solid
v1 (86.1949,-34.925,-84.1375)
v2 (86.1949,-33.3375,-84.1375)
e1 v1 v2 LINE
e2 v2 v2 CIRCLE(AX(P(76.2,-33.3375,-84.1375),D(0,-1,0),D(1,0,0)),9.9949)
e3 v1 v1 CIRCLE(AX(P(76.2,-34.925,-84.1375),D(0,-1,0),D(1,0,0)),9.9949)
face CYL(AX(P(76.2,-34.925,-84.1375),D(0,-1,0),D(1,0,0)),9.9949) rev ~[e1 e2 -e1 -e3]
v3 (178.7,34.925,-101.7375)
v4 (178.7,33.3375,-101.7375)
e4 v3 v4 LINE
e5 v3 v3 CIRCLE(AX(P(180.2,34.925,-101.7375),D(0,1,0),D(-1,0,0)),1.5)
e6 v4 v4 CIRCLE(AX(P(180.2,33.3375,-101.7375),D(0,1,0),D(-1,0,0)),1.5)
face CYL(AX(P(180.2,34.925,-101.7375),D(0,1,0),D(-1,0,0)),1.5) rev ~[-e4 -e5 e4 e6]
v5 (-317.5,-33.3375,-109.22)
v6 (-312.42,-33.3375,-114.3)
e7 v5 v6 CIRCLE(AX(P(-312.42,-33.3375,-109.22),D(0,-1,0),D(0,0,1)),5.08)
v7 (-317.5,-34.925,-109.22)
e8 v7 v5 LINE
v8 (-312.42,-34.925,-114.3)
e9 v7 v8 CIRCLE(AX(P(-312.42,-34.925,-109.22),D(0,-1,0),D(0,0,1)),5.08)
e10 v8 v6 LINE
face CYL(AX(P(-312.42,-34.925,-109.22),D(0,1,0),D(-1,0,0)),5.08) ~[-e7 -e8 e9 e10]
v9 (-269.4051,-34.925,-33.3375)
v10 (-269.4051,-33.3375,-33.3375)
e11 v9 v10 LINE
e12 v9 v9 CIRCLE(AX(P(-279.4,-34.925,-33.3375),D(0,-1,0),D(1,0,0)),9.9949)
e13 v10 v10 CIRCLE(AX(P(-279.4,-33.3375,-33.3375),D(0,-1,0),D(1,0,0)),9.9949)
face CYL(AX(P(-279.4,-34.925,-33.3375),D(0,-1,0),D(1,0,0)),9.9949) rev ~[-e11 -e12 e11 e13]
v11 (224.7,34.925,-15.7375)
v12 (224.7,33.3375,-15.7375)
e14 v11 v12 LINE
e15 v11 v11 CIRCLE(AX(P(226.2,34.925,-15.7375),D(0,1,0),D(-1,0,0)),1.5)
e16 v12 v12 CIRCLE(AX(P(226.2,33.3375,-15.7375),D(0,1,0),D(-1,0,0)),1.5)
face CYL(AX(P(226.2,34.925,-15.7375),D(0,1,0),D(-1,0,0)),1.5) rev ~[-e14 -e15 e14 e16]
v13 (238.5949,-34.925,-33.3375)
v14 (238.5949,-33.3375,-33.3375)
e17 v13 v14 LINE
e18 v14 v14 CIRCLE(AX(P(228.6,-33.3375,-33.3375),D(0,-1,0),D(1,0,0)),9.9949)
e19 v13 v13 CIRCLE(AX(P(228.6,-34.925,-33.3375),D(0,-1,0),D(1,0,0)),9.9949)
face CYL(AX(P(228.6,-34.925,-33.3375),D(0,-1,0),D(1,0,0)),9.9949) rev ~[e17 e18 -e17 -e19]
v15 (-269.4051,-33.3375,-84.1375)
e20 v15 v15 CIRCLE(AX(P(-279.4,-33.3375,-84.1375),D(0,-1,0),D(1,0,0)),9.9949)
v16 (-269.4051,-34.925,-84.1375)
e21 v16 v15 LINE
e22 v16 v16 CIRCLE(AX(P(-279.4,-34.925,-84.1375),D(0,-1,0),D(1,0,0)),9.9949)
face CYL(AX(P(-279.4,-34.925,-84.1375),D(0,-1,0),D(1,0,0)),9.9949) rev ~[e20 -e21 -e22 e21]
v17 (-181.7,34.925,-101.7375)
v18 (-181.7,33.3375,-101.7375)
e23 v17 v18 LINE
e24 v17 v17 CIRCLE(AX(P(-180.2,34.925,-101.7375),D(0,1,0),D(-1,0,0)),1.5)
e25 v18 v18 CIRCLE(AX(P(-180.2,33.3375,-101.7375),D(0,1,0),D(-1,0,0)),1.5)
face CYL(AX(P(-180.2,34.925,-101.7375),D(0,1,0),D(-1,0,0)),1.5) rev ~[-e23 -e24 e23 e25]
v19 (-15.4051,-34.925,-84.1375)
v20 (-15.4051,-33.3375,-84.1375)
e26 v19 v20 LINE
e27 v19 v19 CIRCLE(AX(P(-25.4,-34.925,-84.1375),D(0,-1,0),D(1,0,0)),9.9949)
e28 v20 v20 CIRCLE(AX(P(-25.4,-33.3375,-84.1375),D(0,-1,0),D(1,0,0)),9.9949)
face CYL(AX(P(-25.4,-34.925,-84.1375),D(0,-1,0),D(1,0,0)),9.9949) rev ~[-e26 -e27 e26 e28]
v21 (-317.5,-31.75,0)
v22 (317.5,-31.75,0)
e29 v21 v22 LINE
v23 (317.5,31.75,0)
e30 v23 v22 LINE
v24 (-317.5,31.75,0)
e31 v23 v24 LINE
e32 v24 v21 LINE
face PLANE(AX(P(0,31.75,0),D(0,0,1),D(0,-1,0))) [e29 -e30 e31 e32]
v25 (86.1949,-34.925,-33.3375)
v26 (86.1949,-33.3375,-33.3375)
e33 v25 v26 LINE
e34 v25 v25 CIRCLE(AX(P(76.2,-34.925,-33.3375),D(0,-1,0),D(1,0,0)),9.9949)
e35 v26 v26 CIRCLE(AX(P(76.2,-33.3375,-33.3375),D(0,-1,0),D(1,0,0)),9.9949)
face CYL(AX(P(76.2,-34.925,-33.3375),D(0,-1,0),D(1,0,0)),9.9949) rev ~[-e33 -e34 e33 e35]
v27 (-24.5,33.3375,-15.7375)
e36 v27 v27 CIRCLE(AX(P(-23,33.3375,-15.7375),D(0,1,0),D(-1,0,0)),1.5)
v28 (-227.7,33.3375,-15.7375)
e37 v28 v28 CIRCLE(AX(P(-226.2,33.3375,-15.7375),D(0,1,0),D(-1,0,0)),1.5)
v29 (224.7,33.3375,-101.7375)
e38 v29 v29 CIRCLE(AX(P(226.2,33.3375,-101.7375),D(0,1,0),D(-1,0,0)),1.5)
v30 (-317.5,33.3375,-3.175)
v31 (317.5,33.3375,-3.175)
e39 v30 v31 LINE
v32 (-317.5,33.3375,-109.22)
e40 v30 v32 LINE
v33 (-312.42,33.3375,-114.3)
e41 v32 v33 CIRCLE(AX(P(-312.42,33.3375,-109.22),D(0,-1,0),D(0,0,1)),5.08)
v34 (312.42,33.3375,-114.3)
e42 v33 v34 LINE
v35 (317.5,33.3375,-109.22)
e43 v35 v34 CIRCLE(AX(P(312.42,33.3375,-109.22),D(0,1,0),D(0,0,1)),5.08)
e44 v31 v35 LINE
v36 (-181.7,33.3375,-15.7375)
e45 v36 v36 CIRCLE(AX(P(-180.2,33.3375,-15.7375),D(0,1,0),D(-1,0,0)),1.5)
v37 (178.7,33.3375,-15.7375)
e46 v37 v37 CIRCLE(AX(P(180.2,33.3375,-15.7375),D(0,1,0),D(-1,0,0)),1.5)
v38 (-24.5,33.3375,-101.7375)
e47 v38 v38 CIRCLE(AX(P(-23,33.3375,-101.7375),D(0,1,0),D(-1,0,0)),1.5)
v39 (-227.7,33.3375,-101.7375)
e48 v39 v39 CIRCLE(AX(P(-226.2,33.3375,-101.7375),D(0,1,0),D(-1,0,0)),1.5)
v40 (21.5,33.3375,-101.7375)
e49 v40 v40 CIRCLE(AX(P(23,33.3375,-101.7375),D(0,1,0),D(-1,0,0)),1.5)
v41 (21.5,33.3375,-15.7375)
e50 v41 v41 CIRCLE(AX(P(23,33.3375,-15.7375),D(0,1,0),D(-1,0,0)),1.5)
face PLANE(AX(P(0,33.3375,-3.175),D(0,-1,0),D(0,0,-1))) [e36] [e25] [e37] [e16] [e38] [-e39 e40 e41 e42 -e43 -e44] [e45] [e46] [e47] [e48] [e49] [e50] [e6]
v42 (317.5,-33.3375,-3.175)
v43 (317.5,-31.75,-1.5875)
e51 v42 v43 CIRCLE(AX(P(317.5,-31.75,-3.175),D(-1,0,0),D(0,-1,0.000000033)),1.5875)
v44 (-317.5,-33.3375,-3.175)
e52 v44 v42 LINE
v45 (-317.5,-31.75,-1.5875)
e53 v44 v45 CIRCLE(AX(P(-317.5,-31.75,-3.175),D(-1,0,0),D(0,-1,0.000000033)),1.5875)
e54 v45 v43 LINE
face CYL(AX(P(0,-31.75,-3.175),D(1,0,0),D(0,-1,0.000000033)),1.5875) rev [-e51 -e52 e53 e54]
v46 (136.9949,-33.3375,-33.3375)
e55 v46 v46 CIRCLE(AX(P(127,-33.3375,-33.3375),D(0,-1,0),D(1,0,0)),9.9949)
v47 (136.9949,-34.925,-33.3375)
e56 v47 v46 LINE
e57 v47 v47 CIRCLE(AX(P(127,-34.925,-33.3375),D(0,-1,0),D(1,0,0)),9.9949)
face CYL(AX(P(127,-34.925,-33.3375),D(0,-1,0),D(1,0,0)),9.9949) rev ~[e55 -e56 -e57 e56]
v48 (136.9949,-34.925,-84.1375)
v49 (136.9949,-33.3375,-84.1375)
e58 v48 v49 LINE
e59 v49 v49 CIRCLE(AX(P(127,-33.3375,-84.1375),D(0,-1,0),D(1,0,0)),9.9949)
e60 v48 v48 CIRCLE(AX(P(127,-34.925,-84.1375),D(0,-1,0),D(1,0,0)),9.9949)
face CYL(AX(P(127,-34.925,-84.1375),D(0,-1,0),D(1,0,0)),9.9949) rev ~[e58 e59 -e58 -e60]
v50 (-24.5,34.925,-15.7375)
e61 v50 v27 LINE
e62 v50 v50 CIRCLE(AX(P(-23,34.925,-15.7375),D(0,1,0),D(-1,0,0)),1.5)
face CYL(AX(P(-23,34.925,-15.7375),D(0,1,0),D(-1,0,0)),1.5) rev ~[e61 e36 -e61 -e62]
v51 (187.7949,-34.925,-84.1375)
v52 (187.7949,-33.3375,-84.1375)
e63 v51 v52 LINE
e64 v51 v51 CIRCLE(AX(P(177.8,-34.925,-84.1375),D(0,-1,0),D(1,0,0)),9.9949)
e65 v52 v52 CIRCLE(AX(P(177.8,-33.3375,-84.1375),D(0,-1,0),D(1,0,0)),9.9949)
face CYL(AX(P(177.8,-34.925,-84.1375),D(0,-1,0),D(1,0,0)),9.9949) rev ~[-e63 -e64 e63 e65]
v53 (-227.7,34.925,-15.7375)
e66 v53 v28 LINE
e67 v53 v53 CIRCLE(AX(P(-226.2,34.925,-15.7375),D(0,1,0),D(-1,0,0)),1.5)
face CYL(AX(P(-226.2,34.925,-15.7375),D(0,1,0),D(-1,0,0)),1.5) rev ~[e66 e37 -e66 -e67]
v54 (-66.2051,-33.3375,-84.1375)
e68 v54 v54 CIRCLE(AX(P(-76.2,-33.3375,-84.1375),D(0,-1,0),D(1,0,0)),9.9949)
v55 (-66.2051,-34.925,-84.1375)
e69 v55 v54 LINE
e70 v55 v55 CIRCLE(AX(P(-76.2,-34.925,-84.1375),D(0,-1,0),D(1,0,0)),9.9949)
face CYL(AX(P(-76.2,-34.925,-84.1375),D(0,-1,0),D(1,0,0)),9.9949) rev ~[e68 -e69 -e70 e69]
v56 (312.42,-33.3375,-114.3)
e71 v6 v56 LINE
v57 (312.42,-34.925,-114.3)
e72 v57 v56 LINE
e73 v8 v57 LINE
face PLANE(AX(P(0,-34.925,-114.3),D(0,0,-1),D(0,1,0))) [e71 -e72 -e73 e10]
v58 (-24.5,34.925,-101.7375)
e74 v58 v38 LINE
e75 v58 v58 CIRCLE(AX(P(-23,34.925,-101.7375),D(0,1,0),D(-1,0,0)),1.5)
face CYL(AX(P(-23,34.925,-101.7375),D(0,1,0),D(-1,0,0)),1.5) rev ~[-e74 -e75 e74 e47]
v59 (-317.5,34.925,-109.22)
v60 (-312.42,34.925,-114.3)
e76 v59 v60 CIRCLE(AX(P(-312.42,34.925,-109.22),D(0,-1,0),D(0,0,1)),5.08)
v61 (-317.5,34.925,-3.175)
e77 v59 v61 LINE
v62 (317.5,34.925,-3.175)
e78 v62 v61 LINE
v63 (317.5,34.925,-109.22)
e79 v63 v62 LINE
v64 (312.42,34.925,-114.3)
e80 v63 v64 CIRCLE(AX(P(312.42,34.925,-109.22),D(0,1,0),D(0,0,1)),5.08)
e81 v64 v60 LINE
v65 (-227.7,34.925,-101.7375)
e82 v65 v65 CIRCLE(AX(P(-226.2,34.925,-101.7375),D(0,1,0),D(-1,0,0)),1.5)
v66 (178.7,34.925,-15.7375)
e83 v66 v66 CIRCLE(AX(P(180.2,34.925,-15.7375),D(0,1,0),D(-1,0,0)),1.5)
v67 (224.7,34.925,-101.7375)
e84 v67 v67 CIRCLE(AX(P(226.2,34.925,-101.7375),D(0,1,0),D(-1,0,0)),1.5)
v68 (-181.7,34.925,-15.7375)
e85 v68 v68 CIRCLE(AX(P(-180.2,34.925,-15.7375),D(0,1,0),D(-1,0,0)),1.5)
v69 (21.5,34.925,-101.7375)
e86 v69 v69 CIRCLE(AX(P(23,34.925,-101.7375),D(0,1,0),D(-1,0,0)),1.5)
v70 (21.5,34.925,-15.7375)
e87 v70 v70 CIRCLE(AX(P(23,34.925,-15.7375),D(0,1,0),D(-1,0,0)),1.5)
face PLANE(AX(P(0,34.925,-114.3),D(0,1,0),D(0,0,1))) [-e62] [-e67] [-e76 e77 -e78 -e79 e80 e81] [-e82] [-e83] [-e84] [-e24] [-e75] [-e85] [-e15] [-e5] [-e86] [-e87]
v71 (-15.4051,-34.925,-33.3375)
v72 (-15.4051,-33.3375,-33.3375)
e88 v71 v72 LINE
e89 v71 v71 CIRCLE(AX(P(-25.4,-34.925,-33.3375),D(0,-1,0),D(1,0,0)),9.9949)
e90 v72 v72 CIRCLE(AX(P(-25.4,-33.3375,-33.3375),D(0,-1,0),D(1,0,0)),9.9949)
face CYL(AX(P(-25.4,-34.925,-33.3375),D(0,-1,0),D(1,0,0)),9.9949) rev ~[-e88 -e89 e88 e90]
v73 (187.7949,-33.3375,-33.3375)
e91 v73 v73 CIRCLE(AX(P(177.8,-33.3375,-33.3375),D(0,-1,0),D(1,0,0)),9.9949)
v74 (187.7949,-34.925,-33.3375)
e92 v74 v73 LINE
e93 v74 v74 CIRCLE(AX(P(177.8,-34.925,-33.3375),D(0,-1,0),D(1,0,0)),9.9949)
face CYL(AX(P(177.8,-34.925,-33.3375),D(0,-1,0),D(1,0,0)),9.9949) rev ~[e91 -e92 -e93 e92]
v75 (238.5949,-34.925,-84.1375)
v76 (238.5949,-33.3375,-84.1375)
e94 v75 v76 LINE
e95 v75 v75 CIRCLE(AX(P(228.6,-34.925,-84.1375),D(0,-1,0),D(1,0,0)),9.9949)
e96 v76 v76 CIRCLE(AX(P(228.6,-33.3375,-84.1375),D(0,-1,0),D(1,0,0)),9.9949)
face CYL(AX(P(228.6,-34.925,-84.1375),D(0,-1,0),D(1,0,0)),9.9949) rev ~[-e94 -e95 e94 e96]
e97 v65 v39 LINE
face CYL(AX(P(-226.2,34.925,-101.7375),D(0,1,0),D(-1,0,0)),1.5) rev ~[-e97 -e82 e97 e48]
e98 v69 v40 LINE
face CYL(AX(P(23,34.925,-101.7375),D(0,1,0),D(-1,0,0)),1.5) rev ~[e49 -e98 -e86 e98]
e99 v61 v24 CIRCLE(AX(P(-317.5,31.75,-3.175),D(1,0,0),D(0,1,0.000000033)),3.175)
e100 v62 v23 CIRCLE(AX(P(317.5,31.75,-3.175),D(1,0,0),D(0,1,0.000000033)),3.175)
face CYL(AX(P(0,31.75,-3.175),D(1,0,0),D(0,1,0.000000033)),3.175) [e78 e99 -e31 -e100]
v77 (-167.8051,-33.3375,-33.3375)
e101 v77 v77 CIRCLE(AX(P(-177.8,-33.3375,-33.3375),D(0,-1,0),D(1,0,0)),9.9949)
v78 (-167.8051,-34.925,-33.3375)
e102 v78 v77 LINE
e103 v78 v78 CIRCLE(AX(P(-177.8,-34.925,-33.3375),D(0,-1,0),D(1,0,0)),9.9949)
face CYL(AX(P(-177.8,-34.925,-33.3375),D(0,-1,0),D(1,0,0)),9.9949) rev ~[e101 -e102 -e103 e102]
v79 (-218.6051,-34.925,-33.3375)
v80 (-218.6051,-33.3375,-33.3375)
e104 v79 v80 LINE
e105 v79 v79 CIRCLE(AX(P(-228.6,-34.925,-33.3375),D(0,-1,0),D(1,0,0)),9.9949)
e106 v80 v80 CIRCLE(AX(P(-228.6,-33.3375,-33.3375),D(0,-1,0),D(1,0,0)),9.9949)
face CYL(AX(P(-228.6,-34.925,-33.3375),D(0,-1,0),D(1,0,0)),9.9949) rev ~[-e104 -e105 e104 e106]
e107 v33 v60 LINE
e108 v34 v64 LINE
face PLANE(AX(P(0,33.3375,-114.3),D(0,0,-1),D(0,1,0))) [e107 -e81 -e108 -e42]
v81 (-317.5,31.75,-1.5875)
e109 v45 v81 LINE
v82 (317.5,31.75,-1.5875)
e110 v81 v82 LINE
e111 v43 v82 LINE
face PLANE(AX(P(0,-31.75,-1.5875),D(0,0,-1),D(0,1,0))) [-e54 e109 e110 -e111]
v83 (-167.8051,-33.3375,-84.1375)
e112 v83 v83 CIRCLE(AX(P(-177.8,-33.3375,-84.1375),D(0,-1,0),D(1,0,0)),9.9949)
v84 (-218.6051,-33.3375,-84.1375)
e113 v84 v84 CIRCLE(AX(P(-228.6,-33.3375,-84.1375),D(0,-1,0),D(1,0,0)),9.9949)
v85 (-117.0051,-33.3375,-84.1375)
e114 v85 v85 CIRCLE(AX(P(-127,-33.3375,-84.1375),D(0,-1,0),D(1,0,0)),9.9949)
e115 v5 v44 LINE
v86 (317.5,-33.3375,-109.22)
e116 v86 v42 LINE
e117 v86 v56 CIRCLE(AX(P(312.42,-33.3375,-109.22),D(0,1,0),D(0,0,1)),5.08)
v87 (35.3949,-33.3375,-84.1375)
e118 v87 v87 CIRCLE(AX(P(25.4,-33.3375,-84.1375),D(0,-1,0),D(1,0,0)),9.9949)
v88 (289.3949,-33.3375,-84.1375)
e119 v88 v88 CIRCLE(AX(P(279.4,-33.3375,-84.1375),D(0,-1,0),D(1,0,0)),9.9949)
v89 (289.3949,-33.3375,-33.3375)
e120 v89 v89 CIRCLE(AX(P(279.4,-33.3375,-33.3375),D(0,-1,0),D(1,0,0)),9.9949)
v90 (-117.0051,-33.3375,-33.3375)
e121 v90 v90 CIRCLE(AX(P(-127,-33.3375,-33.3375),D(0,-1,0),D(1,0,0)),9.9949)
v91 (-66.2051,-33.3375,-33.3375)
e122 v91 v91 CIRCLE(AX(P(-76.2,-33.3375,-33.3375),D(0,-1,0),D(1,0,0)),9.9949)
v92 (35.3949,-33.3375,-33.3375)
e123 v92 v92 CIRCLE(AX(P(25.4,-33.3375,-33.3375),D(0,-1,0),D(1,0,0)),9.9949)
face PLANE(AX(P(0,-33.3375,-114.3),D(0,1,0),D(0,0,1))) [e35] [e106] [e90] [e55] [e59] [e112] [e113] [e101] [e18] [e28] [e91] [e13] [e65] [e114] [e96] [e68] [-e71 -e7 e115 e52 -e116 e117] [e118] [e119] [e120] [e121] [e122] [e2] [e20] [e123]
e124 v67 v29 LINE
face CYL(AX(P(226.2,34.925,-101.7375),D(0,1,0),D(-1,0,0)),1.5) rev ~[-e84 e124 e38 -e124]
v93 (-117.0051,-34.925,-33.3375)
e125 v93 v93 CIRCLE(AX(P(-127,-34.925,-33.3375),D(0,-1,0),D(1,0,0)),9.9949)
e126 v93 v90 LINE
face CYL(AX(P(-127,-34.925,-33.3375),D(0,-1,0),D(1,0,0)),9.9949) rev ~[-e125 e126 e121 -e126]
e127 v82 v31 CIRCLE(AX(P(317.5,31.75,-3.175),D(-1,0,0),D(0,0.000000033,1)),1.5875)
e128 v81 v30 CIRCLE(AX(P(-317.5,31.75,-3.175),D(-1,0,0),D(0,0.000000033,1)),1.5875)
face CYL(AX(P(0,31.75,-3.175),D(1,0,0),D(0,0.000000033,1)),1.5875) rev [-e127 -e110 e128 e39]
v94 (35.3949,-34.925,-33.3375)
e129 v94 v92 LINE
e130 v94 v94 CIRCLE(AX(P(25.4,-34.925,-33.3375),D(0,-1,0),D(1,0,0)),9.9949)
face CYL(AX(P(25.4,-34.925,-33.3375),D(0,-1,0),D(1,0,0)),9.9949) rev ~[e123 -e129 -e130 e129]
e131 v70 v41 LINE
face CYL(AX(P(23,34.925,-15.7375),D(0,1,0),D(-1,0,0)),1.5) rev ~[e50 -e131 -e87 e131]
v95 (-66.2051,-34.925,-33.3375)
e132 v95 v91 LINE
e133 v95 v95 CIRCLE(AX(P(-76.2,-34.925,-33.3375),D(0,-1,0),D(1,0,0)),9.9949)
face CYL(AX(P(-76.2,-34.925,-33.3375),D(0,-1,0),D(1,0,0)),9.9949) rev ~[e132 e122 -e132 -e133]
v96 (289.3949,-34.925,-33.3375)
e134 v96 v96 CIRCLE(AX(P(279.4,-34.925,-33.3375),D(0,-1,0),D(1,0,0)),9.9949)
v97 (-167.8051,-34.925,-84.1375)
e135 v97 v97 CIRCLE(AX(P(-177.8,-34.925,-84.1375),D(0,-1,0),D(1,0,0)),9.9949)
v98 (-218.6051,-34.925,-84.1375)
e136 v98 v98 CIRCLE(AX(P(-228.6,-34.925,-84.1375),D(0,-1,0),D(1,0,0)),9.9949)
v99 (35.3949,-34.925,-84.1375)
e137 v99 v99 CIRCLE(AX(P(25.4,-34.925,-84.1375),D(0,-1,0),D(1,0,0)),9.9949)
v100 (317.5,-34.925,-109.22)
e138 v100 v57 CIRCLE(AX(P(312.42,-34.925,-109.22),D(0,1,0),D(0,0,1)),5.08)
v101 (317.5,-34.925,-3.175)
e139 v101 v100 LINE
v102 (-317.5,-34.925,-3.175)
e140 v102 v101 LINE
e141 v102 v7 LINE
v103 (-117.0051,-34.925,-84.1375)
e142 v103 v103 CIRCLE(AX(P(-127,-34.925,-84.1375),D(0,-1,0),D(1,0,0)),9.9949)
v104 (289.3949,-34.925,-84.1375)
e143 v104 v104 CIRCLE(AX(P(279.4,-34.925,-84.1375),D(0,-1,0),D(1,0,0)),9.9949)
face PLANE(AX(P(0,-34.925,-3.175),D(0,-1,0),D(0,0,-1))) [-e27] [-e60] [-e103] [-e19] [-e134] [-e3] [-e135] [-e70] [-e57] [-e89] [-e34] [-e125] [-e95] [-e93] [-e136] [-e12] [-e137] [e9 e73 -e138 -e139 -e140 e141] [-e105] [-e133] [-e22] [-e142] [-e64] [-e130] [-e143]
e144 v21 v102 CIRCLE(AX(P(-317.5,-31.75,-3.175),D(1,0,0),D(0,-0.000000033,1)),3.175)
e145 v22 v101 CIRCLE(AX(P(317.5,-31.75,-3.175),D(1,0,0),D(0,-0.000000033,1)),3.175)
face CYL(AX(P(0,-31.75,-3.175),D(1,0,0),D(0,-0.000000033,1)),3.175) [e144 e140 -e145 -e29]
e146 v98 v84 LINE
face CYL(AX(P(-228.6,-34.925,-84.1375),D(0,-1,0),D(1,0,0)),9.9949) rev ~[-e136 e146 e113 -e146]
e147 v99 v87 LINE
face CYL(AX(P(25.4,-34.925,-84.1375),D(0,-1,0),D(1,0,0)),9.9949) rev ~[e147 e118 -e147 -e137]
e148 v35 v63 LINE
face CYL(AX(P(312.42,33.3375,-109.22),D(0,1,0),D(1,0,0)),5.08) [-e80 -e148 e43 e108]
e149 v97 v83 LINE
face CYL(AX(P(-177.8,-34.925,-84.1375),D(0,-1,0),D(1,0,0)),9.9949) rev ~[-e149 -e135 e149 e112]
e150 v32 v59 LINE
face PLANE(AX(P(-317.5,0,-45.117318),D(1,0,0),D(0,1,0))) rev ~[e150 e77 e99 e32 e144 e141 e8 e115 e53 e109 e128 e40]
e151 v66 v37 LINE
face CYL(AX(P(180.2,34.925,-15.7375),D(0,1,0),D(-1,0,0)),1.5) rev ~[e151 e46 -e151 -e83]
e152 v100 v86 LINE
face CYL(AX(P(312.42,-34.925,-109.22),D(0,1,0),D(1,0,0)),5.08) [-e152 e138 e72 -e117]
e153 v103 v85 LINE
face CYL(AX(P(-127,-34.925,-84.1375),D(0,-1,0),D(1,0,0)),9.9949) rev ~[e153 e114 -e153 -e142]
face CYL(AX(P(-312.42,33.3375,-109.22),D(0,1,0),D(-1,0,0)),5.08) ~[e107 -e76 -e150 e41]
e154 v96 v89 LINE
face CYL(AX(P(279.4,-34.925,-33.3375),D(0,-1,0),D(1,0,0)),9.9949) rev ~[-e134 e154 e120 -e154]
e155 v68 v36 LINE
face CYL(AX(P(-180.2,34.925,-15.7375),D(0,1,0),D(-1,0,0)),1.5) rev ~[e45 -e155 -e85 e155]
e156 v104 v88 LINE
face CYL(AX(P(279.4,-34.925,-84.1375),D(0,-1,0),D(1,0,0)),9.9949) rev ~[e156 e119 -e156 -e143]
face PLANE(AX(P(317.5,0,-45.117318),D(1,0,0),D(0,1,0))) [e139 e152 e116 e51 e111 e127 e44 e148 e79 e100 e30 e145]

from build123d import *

# Parameters (mm, degrees)
F1_DEPTH = 317.5
F2_R     = 9.9949
F3_DEPTH = 25.4
F4_R     = 1.5
F5_DEPTH = 25.4
F6_R     = 5.08


with BuildPart() as f1:
    # F0 (on Right) → F1 (new body, symmetric)
    with BuildSketch(Plane.YZ):
        with BuildLine():
            Line((31.75, 0), (-31.75, 0))
            ThreePointArc((-31.75, 0), (-33.995064, -0.929936), (-34.925, -3.175))
            Line((-34.925, -3.175), (-34.925, -114.3))
            Line((-34.925, -114.3), (-33.3375, -114.3))
            Line((-33.3375, -114.3), (-33.3375, -3.175))
            ThreePointArc((-33.3375, -3.175), (-32.872532, -2.052468), (-31.75, -1.5875))
            Line((-31.75, -1.5875), (31.75, -1.5875))
            ThreePointArc((31.75, -1.5875), (32.872532, -2.052468), (33.3375, -3.175))
            Line((33.3375, -3.175), (33.3375, -114.3))
            Line((33.3375, -114.3), (34.925, -114.3))
            Line((34.925, -114.3), (34.925, -3.175))
            ThreePointArc((34.925, -3.175), (33.995064, -0.929936), (31.75, 0))
        make_face()
    extrude(amount=F1_DEPTH, both=True)

    # F2 (on face) → F3 (cut)
    with BuildSketch(Plane.XZ.offset(34.925)):
        with Locations((-279.4, -33.3375)):
            Circle(F2_R)
        with Locations((-279.4, -84.1375)):
            Circle(F2_R)
        with Locations((-228.6, -33.3375)):
            Circle(F2_R)
        with Locations((-228.6, -84.1375)):
            Circle(F2_R)
        with Locations((-177.8, -33.3375)):
            Circle(F2_R)
        with Locations((-177.8, -84.1375)):
            Circle(F2_R)
        with Locations((-127, -33.3375)):
            Circle(F2_R)
        with Locations((-127, -84.1375)):
            Circle(F2_R)
        with Locations((-76.2, -33.3375)):
            Circle(F2_R)
        with Locations((-76.2, -84.1375)):
            Circle(F2_R)
        with Locations((-25.4, -33.3375)):
            Circle(F2_R)
        with Locations((-25.4, -84.1375)):
            Circle(F2_R)
        with Locations((25.4, -33.3375)):
            Circle(F2_R)
        with Locations((25.4, -84.1375)):
            Circle(F2_R)
        with Locations((76.2, -33.3375)):
            Circle(F2_R)
        with Locations((76.2, -84.1375)):
            Circle(F2_R)
        with Locations((127, -33.3375)):
            Circle(F2_R)
        with Locations((127, -84.1375)):
            Circle(F2_R)
        with Locations((177.8, -33.3375)):
            Circle(F2_R)
        with Locations((177.8, -84.1375)):
            Circle(F2_R)
        with Locations((228.6, -33.3375)):
            Circle(F2_R)
        with Locations((228.6, -84.1375)):
            Circle(F2_R)
        with Locations((279.4, -33.3375)):
            Circle(F2_R)
        with Locations((279.4, -84.1375)):
            Circle(F2_R)
    extrude(amount=-F3_DEPTH, mode=Mode.SUBTRACT)

    # F4 (on face) → F5 (cut)
    with BuildSketch(Plane(origin=(0, 34.925, 0), x_dir=(-1, 0, 0), z_dir=(0, 1, 0))):
        with Locations((-23, -15.7375)):
            Circle(F4_R)
        with Locations((-23, -101.7375)):
            Circle(F4_R)
        with Locations((23, -15.7375)):
            Circle(F4_R)
        with Locations((23, -101.7375)):
            Circle(F4_R)
        with Locations((226.2, -101.7375)):
            Circle(F4_R)
        with Locations((180.2, -101.7375)):
            Circle(F4_R)
        with Locations((226.2, -15.7375)):
            Circle(F4_R)
        with Locations((180.2, -15.7375)):
            Circle(F4_R)
        with Locations((-226.2, -15.7375)):
            Circle(F4_R)
        with Locations((-180.2, -15.7375)):
            Circle(F4_R)
        with Locations((-180.2, -101.7375)):
            Circle(F4_R)
        with Locations((-226.2, -101.7375)):
            Circle(F4_R)
    extrude(amount=-F5_DEPTH, mode=Mode.SUBTRACT)

    # F6
    f6_edges = [f1.edges().sort_by_distance(p)[0] for p in [
        (-317.5, -34.13125, -114.3),
        (-317.5, 34.13125, -114.3),
        (317.5, -34.13125, -114.3),
        (317.5, 34.13125, -114.3),
    ]]
    fillet(f6_edges, radius=F6_R)


solid = f1.part
